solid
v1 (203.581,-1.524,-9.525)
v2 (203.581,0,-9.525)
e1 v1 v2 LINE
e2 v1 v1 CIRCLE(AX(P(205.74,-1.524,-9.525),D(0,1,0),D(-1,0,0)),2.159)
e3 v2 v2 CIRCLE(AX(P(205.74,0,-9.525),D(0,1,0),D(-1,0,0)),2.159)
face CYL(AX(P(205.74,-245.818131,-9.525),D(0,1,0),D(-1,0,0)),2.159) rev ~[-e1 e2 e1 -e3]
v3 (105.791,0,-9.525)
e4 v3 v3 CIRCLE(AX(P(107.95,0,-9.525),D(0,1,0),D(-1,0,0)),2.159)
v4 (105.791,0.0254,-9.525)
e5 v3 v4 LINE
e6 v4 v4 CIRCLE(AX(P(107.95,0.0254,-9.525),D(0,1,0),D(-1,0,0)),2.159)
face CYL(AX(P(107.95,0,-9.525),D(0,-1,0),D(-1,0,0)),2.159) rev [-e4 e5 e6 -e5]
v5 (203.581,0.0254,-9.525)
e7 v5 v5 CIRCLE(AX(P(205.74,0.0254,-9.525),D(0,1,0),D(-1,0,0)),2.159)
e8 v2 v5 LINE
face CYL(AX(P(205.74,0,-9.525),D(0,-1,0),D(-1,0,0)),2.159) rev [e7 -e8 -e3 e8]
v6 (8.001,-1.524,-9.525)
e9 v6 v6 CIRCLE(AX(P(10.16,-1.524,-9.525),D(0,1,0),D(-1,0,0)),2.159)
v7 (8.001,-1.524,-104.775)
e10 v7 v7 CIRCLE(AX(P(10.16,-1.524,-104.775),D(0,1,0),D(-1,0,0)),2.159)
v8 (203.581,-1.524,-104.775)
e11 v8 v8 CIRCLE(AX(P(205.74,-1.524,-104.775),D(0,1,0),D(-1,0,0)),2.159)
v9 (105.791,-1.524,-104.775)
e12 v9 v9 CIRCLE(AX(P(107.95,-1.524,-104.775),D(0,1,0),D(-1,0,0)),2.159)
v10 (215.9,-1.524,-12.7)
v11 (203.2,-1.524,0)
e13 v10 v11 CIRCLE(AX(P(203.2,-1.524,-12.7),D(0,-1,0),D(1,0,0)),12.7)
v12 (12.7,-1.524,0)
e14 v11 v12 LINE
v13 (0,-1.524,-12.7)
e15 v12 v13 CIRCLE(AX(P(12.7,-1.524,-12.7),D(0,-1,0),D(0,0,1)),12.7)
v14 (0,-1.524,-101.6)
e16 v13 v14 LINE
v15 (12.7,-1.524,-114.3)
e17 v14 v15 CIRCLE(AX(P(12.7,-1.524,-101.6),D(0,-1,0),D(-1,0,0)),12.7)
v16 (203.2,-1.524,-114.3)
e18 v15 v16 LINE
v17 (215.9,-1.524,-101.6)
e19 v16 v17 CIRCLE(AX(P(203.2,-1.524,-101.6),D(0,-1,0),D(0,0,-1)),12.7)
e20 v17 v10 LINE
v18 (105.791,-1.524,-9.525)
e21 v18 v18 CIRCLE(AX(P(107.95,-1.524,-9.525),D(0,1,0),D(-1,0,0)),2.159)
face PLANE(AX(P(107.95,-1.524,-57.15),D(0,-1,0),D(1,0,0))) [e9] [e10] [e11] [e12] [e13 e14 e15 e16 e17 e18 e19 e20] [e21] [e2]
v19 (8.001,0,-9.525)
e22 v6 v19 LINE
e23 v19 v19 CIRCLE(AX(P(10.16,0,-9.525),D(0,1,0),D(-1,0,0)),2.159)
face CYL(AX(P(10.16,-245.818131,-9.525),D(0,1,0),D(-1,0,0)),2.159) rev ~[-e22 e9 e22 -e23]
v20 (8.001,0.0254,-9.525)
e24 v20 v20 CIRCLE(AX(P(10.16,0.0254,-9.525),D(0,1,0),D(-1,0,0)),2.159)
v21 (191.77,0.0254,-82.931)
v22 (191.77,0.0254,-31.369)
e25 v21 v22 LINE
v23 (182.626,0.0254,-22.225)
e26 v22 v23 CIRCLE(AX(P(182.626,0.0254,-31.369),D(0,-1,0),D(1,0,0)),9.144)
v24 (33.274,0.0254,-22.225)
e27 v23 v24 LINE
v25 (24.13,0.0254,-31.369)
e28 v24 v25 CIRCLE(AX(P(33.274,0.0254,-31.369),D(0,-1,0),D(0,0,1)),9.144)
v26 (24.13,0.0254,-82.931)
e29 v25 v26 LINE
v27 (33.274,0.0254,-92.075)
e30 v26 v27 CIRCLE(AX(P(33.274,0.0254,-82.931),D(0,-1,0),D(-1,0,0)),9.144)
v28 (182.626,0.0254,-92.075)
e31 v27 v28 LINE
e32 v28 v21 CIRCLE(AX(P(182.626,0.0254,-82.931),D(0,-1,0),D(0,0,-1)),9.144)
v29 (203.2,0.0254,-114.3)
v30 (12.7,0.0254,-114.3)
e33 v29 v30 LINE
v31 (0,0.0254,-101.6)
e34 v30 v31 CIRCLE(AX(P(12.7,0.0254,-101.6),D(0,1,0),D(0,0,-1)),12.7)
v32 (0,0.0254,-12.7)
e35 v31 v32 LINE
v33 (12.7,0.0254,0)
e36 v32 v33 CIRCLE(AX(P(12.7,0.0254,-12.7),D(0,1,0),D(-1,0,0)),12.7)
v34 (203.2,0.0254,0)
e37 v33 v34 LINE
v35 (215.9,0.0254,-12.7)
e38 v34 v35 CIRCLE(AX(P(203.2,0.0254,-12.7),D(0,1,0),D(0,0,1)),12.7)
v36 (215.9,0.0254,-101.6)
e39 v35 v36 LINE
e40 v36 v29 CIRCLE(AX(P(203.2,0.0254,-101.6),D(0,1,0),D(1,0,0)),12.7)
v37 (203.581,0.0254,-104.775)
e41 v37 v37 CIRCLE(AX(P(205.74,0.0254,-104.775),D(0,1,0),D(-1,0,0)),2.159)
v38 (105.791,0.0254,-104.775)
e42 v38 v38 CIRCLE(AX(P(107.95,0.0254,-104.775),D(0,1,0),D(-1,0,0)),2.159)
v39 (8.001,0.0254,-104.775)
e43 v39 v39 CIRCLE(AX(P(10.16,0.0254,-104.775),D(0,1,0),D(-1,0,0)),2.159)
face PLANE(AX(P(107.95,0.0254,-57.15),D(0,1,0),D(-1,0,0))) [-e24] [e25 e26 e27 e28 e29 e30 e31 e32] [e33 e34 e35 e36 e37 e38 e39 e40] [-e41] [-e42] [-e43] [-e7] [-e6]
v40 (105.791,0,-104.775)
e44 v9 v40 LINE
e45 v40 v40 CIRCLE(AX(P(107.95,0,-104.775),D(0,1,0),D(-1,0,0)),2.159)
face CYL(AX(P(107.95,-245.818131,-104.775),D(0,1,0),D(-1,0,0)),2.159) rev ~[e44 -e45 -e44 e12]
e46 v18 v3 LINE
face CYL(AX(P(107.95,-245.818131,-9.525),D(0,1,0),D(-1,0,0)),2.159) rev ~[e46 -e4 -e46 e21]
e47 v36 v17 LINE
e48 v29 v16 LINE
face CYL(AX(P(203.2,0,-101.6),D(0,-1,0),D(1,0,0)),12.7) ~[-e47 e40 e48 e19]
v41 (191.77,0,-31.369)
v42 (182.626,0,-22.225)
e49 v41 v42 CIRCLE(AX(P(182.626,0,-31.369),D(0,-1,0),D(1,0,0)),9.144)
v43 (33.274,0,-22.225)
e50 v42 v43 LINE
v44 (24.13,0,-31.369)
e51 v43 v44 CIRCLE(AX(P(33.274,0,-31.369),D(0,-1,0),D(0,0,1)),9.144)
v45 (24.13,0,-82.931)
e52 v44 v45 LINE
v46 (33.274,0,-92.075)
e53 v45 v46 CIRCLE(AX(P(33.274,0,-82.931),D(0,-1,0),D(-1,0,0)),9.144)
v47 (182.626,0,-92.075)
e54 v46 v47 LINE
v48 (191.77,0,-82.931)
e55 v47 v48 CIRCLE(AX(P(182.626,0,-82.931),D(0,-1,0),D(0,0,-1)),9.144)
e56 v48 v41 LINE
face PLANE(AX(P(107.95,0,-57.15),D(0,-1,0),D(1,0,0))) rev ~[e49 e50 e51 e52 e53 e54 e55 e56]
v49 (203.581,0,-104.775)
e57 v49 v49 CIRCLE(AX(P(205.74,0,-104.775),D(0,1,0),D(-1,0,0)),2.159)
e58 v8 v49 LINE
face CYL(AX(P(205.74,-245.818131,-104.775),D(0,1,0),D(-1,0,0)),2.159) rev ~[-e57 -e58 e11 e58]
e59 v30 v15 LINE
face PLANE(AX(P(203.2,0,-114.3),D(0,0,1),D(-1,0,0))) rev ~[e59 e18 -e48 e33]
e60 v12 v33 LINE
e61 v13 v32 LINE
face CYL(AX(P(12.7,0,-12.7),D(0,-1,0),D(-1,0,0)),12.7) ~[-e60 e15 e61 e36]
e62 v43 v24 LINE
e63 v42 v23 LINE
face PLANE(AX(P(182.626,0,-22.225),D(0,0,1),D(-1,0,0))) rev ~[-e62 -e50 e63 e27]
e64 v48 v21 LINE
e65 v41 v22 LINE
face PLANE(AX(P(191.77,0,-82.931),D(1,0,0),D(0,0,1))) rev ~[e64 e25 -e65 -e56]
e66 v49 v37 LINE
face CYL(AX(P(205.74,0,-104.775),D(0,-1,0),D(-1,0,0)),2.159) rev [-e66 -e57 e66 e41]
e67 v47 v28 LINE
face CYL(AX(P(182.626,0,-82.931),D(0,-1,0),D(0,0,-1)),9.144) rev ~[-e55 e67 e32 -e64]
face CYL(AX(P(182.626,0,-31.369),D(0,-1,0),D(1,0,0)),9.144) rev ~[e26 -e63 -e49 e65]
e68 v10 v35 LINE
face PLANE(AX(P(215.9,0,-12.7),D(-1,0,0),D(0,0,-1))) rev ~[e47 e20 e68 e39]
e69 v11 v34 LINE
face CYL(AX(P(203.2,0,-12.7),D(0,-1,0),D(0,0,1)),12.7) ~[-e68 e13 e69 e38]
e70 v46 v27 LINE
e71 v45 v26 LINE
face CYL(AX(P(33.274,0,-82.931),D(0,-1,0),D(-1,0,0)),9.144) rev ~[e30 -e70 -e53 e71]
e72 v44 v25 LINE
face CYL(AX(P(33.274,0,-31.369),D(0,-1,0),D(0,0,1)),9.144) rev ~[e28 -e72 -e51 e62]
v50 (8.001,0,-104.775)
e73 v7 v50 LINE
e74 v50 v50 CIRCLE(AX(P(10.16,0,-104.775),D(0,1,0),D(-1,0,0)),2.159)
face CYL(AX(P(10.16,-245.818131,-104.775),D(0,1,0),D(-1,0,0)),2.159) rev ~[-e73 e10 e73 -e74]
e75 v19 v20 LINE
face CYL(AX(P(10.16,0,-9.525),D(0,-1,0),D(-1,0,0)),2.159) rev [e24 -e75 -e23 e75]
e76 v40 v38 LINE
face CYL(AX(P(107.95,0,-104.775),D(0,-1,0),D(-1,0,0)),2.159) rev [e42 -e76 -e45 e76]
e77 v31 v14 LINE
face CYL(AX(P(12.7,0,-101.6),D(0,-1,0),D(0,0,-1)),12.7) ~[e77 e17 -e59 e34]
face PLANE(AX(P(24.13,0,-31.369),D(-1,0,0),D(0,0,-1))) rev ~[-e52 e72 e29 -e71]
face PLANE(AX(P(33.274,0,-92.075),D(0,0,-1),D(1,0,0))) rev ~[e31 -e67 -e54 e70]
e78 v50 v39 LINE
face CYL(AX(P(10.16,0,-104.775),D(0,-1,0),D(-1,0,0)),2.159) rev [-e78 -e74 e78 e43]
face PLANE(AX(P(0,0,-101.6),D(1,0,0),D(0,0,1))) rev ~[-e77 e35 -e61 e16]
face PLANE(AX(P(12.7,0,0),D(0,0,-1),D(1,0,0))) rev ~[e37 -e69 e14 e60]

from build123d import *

# Parameters (mm, degrees)
F1_DEPTH = 1.524
F3_D     = 4.318
F4_R     = 2.159
F5_DEPTH = 0.0254


with BuildPart() as f1:
    # F0 (on Front) → F1 (new body)
    with BuildSketch(Plane.XZ):
        with BuildLine():
            Line((203.2, 0), (12.7, 0))
            ThreePointArc((12.7, 0), (3.7197438789, -3.7197438789), (0, -12.7))
            Line((0, -12.7), (0, -101.6))
            ThreePointArc((0, -101.6), (3.7197438789, -110.5802561211), (12.7, -114.3))
            Line((12.7, -114.3), (203.2, -114.3))
            ThreePointArc((203.2, -114.3), (212.1802561211, -110.5802561211), (215.9, -101.6))
            Line((215.9, -101.6), (215.9, -12.7))
            ThreePointArc((215.9, -12.7), (212.1802561211, -3.7197438789), (203.2, 0))
        make_face()
    extrude(amount=F1_DEPTH)

    # F3 (through all)
    with Locations(Plane.XZ.offset(1.524)):
        with Locations((10.16, -9.525), (107.95, -9.525), (205.74, -9.525), (205.74, -104.775), (107.95, -104.775), (10.16, -104.775)):
            Hole(F3_D / 2)

    # F4 (on face) → F5 (join)
    with BuildSketch(Plane(origin=(0, 0, 0), x_dir=(-1, 0, 0), z_dir=(0, 1, 0))):
        with BuildLine():
            Line((0, -101.6), (0, -12.7))
            ThreePointArc((0, -12.7), (-3.7197438789, -3.7197438789), (-12.7, 0))
            Line((-12.7, 0), (-203.2, 0))
            ThreePointArc((-203.2, 0), (-212.1802561211, -3.7197438789), (-215.9, -12.7))
            Line((-215.9, -12.7), (-215.9, -101.6))
            ThreePointArc((-215.9, -101.6), (-212.1802561211, -110.5802561211), (-203.2, -114.3))
            Line((-203.2, -114.3), (-12.7, -114.3))
            ThreePointArc((-12.7, -114.3), (-3.7197438789, -110.5802561211), (0, -101.6))
        make_face()
        with Locations((-205.74, -104.775)):
            Circle(F4_R, mode=Mode.SUBTRACT)
        with Locations((-107.95, -104.775)):
            Circle(F4_R, mode=Mode.SUBTRACT)
        with Locations((-10.16, -104.775)):
            Circle(F4_R, mode=Mode.SUBTRACT)
        with BuildLine():
            Line((-182.626, -22.225), (-33.274, -22.225))
            ThreePointArc((-33.274, -22.225), (-26.8082155928, -24.9032155928), (-24.13, -31.369))
            Line((-24.13, -31.369), (-24.13, -82.931))
            ThreePointArc((-24.13, -82.931), (-26.8082155928, -89.3967844072), (-33.274, -92.075))
            Line((-33.274, -92.075), (-182.626, -92.075))
            ThreePointArc((-182.626, -92.075), (-189.0917844072, -89.3967844072), (-191.77, -82.931))
            Line((-191.77, -82.931), (-191.77, -31.369))
            ThreePointArc((-191.77, -31.369), (-189.0917844072, -24.9032155928), (-182.626, -22.225))
        make_face(mode=Mode.SUBTRACT)
        with Locations((-205.74, -9.525)):
            Circle(F4_R, mode=Mode.SUBTRACT)
        with Locations((-107.95, -9.525)):
            Circle(F4_R, mode=Mode.SUBTRACT)
        with Locations((-10.16, -9.525)):
            Circle(F4_R, mode=Mode.SUBTRACT)
    extrude(amount=F5_DEPTH)


solid = f1.part
